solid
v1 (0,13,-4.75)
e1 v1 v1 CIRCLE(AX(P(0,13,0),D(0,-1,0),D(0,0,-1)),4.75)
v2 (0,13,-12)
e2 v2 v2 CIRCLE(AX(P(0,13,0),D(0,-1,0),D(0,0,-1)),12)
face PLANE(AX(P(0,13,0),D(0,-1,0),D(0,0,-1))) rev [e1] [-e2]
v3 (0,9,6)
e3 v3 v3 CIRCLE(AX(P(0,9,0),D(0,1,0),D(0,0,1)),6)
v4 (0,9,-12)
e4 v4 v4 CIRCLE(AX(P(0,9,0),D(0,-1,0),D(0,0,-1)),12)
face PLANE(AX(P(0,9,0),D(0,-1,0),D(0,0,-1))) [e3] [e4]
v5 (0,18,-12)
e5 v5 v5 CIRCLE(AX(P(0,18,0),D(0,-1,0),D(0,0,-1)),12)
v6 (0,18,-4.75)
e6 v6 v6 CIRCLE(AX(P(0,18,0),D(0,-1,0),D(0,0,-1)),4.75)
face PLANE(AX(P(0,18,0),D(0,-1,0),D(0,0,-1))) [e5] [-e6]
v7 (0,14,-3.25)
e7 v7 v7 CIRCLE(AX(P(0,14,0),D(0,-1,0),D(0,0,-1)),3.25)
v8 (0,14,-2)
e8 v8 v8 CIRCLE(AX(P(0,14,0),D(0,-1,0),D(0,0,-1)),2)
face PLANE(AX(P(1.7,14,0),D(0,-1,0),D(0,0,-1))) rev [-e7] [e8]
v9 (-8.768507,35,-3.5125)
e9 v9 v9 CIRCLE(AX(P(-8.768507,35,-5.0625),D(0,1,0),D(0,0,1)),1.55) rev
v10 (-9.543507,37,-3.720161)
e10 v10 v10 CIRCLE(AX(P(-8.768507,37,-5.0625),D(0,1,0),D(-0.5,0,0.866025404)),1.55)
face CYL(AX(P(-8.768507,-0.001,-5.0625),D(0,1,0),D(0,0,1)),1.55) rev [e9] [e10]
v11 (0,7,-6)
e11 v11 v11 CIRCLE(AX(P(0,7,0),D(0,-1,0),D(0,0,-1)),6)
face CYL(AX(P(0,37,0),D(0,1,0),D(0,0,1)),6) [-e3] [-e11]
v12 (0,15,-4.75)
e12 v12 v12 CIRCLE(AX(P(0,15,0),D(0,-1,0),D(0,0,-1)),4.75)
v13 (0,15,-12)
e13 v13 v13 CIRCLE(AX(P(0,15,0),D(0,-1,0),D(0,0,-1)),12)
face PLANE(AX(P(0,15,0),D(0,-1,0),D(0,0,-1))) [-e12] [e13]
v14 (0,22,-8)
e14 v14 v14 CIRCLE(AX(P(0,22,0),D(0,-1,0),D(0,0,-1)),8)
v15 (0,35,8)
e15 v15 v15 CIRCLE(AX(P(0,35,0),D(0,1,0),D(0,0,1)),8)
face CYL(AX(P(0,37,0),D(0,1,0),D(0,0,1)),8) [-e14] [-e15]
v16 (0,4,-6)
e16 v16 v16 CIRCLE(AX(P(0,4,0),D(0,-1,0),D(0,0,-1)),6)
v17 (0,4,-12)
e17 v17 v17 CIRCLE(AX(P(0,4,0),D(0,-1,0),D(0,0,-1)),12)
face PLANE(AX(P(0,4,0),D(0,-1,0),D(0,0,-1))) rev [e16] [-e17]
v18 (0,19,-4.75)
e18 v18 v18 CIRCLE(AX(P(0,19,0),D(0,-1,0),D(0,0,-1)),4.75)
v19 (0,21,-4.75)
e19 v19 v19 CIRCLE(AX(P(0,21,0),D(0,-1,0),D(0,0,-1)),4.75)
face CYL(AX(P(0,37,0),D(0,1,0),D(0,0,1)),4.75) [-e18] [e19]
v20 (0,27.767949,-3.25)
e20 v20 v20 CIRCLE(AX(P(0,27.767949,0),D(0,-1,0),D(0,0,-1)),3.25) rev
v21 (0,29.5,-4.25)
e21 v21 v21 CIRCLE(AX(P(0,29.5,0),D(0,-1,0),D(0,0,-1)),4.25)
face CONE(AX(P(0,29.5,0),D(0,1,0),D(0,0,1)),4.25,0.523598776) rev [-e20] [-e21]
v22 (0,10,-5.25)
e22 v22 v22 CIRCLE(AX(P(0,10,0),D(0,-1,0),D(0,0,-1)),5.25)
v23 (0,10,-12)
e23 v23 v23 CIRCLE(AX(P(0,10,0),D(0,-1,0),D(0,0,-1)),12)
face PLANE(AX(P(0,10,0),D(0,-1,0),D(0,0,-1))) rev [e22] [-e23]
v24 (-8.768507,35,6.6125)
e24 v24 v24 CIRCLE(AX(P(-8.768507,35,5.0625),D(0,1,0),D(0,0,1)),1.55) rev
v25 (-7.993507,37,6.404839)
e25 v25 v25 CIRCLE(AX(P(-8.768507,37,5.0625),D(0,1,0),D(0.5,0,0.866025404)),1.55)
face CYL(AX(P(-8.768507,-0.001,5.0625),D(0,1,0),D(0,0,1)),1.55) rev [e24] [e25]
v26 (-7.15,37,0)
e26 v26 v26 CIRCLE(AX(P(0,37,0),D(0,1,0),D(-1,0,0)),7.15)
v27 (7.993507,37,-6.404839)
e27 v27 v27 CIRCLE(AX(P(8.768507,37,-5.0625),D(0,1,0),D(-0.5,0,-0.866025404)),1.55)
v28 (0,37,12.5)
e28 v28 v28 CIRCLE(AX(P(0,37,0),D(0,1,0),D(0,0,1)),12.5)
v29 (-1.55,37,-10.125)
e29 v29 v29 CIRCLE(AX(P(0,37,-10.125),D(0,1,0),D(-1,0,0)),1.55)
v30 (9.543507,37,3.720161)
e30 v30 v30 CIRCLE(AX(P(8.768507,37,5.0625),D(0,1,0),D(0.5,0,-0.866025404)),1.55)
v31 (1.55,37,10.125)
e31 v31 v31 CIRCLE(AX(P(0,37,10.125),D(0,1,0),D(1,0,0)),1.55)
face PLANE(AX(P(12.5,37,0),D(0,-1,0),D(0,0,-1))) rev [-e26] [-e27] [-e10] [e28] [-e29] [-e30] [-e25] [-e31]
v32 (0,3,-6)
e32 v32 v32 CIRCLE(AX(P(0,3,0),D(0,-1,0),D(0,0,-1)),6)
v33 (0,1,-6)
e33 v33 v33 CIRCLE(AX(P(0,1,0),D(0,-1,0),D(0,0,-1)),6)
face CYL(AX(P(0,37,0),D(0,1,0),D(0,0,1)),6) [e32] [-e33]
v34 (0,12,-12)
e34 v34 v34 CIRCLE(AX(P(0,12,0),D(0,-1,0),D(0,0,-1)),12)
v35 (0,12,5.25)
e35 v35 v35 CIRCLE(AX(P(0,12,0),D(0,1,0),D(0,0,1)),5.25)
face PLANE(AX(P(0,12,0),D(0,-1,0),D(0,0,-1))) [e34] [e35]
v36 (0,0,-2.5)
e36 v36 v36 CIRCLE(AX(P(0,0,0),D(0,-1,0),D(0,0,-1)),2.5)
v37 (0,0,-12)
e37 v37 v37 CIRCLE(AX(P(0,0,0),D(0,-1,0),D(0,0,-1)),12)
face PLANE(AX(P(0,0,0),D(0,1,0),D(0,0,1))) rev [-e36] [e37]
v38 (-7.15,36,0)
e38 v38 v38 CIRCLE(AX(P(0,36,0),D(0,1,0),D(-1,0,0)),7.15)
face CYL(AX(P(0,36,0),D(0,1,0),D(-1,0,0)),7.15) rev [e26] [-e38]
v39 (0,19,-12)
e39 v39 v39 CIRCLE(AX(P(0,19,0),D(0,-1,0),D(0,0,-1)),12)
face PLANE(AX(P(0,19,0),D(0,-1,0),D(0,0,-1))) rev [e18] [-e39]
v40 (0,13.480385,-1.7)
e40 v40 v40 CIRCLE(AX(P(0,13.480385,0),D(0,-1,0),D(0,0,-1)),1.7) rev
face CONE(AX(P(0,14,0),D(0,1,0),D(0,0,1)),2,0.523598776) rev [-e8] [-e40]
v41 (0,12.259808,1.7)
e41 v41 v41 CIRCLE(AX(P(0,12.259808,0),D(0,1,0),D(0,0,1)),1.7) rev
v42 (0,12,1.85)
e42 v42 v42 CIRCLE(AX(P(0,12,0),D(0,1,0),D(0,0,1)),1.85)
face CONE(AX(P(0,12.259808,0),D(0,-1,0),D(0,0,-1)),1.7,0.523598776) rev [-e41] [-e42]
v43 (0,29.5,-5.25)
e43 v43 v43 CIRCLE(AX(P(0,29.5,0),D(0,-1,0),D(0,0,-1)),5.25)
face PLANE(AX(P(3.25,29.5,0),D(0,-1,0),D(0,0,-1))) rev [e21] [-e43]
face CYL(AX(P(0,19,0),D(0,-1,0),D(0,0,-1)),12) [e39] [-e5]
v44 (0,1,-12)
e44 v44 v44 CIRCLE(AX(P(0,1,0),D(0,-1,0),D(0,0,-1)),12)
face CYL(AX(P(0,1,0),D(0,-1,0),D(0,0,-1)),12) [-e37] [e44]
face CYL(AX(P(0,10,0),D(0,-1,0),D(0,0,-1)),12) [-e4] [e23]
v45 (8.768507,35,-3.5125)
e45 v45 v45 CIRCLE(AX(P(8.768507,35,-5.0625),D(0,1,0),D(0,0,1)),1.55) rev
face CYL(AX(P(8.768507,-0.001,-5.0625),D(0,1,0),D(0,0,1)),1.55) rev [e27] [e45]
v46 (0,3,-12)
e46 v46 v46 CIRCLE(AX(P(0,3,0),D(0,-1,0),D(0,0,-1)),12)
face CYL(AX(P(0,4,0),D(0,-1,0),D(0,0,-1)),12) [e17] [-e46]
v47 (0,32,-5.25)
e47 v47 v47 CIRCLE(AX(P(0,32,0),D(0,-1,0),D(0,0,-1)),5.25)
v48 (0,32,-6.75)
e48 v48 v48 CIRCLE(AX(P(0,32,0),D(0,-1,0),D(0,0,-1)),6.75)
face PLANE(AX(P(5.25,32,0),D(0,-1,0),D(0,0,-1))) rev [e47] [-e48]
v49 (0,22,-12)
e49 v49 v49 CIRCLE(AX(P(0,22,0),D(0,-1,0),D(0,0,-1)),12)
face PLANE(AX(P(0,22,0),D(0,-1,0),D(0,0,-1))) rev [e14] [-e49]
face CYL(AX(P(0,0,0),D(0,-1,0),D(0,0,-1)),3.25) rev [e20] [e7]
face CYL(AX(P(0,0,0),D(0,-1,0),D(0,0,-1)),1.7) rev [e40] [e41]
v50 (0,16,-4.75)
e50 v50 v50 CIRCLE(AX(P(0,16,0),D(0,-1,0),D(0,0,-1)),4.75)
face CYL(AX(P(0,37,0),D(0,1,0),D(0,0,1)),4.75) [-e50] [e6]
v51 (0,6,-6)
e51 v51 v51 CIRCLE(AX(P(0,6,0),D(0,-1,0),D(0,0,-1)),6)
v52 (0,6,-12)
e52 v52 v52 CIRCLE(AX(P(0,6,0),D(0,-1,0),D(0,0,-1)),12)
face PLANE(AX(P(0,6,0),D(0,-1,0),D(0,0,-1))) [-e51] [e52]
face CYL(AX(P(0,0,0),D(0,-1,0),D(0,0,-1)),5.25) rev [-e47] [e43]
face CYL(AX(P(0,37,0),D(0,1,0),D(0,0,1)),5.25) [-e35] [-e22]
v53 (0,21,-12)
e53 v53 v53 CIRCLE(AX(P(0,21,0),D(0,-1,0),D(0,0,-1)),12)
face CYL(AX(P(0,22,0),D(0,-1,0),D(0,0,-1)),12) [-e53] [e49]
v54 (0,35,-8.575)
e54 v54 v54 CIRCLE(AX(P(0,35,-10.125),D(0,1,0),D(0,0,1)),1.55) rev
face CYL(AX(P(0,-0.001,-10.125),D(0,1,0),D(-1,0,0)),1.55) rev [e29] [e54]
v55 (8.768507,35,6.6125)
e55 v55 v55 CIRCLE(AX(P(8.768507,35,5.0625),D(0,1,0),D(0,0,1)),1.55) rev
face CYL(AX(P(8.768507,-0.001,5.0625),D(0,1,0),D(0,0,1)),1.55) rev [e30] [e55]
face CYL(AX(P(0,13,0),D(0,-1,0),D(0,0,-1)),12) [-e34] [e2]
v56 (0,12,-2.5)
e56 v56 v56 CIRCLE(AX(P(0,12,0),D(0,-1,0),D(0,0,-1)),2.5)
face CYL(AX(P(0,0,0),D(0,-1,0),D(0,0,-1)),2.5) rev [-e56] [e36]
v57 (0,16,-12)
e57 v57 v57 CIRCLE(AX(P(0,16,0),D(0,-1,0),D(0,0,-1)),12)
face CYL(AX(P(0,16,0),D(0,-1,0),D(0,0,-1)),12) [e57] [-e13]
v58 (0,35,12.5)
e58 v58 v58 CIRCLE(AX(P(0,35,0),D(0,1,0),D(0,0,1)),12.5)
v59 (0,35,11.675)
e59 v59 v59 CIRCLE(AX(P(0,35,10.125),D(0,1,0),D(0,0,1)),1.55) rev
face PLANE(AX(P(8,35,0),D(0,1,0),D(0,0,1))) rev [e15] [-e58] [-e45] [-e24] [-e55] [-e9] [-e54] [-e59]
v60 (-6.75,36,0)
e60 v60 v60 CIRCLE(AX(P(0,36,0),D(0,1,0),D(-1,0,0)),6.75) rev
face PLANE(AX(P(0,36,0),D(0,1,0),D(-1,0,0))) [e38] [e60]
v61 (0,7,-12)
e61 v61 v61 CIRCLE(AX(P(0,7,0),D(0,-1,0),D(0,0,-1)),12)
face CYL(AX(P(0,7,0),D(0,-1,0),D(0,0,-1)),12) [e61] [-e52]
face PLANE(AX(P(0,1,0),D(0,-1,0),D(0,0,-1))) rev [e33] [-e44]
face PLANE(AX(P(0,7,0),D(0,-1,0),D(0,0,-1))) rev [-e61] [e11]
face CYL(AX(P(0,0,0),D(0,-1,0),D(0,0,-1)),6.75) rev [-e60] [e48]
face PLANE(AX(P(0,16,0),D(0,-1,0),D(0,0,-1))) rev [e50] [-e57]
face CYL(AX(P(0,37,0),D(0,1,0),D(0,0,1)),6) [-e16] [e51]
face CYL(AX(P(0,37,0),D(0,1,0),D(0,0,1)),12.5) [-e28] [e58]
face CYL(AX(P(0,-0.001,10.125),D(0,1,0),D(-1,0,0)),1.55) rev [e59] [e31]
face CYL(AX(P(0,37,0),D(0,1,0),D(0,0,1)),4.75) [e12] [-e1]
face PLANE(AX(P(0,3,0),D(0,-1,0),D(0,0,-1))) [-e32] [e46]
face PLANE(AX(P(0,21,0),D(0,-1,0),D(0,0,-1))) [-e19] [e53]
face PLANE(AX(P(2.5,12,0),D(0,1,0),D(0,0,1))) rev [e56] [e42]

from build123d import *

# Parameters (mm, degrees)
CROQUIS3_R              = 12
CROQUIS3_R_2            = 3.25
SALIENTE_EXTRUIR1_DEPTH = 1
MATRIZL1_COUNT          = 8
MATRIZL1_PITCH          = 3
CROQUIS5_R              = 1.55
CORTAR_EXTRUIR1_DEPTH   = 2
MATRIZC1_COUNT          = 6
CHAFL_N3_SIZE           = 0.3
CHAFL_N3_SIZE2          = 0.519615242
CROQUIS6_R              = 7.15
CORTAR_EXTRUIR2_DEPTH   = 1
CHAFL_N2_SIZE           = 0.15
CHAFL_N2_SIZE2          = 0.259807621
CHAFL_N4_SIZE           = 1
CHAFL_N4_SIZE2          = 1.732050808


with BuildPart() as part:
    # Croquis1 → Revolución1 (revolve)
    with BuildSketch(Plane.XY):
        Polygon((0, 0), (6, 0), (6, 9), (5.25, 9), (5.25, 12), (4.75, 12), (4.75, 22), (8, 22), (8, 35), (12.5, 35), (12.5, 37), (0, 37), align=None)
    revolve(axis=Axis((0, 37, 0), (0, -1, 0)))

    # Croquis2 → Cortar-Revolución1 (revolve, cut)
    with BuildSketch(Plane.XY):
        Polygon((0, 0), (2.5, 0), (2.5, 12), (1.7, 12), (1.7, 14), (3.25, 14), (3.25, 29.5), (5.25, 29.5), (5.25, 32), (6.75, 32), (6.75, 37), (0, 37), align=None)
    revolve(axis=Axis((0, 0, 0), (0, 1, 0)), mode=Mode.SUBTRACT)

    # Croquis3 → Saliente-Extruir1 (add)
    with BuildSketch(Plane.XZ):
        Circle(CROQUIS3_R)
        Circle(CROQUIS3_R_2, mode=Mode.SUBTRACT)
    saliente_extruir1 = extrude(amount=-SALIENTE_EXTRUIR1_DEPTH)

    # MatrizL1: Saliente-Extruir1 ×8
    with Locations(*[(0, i * MATRIZL1_PITCH, 0) for i in range(1, MATRIZL1_COUNT)]):
        add(saliente_extruir1)

    # Croquis5 → Cortar-Extruir1 (cut)
    with BuildSketch(Plane(origin=(0, 37, 0), x_dir=(1, 0, 0), z_dir=(0, 1, 0))):
        with Locations((0, 10.125)):
            Circle(CROQUIS5_R)
    cortar_extruir1 = extrude(amount=-CORTAR_EXTRUIR1_DEPTH, mode=Mode.SUBTRACT)

    # MatrizC1: Cortar-Extruir1 ×6 about axis
    matrizc1_axis = Axis((0, 0, 0), (0, 1, 0))
    for i in range(1, MATRIZC1_COUNT):
        add(cortar_extruir1.rotate(matrizc1_axis, i * 360 / MATRIZC1_COUNT), mode=Mode.SUBTRACT)

    # Chaflán3
    chafl_n3_edges = [part.edges().sort_by_distance(p)[0] for p in [
        (-1.7, 14, 0),
    ]]
    chafl_n3_side = [part.faces().sort_by_distance(p)[0] for p in [
        (-1.791923882, 14, 0),
    ]]
    chamfer(chafl_n3_edges, length=CHAFL_N3_SIZE, length2=CHAFL_N3_SIZE2, reference=chafl_n3_side[0])

    # Croquis6 → Cortar-Extruir2 (cut)
    with BuildSketch(Plane(origin=(0, 37, 0), x_dir=(1, 0, 0), z_dir=(0, 1, 0))):
        Circle(CROQUIS6_R)
    extrude(amount=-CORTAR_EXTRUIR2_DEPTH, mode=Mode.SUBTRACT)

    # Chaflán2
    chafl_n2_edges = [part.edges().sort_by_distance(p)[0] for p in [
        (-1.7, 12, 0),
    ]]
    chafl_n2_side = [part.faces().sort_by_distance(p)[0] for p in [
        (-2.429289322, 12, 0),
    ]]
    chamfer(chafl_n2_edges, length=CHAFL_N2_SIZE, length2=CHAFL_N2_SIZE2, reference=chafl_n2_side[0])

    # Chaflán4
    chafl_n4_edges = [part.edges().sort_by_distance(p)[0] for p in [
        (-3.25, 29.5, 0),
    ]]
    chafl_n4_side = [part.faces().sort_by_distance(p)[0] for p in [
        (-3.398492424, 29.5, 0),
    ]]
    chamfer(chafl_n4_edges, length=CHAFL_N4_SIZE, length2=CHAFL_N4_SIZE2, reference=chafl_n4_side[0])


solid = part.part
